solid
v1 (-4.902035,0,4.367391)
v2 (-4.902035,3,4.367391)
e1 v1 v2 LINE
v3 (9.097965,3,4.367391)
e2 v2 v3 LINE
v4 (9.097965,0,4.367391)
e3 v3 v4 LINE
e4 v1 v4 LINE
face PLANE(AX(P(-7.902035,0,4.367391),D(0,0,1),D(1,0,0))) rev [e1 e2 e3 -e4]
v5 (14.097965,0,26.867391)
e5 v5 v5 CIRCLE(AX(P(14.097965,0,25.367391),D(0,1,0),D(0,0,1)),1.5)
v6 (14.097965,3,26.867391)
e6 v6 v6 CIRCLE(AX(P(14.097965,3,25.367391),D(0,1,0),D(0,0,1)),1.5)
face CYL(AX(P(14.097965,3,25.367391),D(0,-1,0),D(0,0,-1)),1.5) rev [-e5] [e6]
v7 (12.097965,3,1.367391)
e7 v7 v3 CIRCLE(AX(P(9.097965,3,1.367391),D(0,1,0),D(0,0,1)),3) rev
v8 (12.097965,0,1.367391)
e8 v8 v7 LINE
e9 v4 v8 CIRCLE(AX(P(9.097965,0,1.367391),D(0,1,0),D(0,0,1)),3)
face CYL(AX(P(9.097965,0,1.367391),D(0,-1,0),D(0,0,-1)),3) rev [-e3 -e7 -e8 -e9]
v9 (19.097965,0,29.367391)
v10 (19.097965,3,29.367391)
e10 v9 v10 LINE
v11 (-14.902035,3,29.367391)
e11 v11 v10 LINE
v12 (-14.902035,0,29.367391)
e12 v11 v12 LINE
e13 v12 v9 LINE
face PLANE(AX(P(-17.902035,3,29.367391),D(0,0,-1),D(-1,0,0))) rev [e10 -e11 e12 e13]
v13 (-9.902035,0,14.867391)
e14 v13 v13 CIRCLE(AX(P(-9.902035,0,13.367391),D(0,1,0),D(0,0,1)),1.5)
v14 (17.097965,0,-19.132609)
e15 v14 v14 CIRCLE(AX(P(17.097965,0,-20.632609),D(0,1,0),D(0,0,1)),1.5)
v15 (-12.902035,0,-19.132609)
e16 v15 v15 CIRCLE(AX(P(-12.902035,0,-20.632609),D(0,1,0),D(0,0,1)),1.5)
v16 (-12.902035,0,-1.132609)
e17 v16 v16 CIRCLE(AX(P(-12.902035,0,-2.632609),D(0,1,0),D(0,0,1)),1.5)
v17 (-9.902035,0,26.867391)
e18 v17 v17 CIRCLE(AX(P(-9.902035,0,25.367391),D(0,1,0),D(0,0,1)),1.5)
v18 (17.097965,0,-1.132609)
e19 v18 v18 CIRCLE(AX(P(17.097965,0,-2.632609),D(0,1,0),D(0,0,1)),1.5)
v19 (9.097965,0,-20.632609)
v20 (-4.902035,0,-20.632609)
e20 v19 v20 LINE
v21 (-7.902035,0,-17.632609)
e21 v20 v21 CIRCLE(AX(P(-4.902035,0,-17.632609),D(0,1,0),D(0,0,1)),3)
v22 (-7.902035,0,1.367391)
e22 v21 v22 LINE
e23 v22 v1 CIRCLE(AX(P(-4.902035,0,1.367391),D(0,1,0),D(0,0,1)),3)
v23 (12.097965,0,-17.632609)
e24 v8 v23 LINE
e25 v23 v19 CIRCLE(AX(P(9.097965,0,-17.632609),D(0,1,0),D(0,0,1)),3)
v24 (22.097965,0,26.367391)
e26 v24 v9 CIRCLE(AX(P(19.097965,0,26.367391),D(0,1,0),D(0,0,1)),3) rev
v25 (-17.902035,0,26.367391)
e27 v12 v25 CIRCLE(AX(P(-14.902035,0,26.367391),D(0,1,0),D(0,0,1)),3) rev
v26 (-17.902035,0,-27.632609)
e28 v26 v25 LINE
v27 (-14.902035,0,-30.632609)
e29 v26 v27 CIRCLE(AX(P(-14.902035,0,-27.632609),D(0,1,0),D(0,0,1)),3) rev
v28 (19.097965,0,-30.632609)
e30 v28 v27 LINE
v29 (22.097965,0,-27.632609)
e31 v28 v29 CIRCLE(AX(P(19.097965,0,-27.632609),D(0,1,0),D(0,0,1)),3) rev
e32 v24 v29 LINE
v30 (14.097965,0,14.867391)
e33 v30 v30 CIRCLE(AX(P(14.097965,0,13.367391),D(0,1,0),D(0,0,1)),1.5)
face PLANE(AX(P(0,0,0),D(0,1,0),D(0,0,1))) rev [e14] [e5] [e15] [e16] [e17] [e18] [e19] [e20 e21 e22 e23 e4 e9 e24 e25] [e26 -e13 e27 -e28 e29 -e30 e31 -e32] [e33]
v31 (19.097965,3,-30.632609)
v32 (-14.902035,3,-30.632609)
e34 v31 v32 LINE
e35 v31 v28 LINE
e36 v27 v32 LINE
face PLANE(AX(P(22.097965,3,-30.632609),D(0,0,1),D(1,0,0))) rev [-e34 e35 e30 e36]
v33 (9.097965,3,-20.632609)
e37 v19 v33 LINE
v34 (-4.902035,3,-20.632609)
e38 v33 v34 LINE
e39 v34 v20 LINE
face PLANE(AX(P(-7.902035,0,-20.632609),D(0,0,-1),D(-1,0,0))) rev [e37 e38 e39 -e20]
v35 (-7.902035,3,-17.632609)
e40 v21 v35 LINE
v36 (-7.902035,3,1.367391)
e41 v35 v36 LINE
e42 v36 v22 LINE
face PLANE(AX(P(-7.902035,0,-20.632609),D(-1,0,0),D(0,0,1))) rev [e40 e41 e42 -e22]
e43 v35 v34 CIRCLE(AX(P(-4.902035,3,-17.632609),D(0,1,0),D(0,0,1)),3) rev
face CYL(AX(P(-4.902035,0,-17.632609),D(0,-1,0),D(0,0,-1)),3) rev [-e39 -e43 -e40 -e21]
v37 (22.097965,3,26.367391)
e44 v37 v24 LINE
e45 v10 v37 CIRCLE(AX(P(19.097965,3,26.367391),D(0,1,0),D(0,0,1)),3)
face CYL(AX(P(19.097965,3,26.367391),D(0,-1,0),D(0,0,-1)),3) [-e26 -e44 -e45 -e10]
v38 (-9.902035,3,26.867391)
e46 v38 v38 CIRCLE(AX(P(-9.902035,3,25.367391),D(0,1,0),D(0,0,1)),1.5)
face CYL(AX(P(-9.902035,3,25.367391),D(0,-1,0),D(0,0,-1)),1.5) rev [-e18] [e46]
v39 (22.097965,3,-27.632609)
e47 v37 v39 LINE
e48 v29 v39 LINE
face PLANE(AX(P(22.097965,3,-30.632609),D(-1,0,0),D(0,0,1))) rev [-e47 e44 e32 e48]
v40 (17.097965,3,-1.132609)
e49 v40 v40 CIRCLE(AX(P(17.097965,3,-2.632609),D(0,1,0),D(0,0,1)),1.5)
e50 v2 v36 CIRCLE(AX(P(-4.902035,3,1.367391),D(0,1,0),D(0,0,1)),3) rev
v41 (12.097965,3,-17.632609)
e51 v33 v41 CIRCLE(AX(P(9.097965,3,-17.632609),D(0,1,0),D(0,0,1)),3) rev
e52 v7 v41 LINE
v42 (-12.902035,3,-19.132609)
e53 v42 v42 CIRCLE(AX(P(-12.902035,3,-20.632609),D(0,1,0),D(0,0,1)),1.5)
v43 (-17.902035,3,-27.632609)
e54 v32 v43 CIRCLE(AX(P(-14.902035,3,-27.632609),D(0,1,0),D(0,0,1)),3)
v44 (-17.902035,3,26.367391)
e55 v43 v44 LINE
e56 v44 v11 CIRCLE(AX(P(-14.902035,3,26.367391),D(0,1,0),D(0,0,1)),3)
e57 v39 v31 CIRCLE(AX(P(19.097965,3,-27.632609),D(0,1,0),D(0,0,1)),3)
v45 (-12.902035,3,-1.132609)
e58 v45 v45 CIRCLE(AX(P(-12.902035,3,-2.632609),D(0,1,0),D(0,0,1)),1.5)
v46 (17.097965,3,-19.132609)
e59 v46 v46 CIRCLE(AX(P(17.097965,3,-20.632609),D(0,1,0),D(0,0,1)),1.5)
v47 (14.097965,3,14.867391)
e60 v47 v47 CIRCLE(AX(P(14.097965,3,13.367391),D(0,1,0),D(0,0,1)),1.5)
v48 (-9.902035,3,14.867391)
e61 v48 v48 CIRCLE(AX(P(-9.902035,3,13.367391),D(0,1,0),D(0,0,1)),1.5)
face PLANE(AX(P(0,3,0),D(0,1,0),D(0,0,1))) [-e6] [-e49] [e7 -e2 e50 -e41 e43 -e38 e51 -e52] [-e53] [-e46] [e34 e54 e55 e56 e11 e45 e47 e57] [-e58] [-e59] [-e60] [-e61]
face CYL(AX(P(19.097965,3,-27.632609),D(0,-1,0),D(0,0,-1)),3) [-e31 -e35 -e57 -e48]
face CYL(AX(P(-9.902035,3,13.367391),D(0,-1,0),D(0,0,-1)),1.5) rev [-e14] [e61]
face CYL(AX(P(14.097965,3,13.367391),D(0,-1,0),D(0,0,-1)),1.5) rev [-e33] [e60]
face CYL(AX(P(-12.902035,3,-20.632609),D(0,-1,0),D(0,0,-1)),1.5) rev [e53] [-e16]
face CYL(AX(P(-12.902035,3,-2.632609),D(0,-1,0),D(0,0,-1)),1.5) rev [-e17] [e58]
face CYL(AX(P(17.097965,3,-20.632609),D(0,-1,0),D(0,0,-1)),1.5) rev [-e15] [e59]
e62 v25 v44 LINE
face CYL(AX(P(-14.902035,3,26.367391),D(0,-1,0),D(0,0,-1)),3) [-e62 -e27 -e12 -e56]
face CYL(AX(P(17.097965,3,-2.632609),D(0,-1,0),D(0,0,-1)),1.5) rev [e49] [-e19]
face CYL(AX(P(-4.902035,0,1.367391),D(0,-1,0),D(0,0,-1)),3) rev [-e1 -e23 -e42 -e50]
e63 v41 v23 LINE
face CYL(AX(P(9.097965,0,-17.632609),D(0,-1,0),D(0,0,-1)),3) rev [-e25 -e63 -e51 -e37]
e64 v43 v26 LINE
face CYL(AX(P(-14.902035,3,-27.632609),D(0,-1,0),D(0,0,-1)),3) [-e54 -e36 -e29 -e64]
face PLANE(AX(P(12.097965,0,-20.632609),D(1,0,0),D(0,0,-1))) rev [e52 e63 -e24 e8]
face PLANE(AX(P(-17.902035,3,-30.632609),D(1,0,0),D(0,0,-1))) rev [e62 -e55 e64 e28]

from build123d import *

# Parameters (mm, degrees)
SKETCH_1_W          = 40
SKETCH_1_H          = 60
SKETCH_1_R          = 1.5
EXTRUDE_1_DEPTH     = 3
FILLET_1_R          = 3
SKETCH_5_W          = 20
SKETCH_5_H          = 25
CUT_EXTRUDE_1_DEPTH = 38.89032563
FILLET_2_R          = 3


with BuildPart() as part:
    # 草图1 → 凸台-拉伸1 (new body)
    with BuildSketch(Plane(origin=(0, 0, 0), x_dir=(1, 0, 0), z_dir=(0, 1, 0))):
        with Locations((2.097965146, 0.632608651)):
            Rectangle(SKETCH_1_W, SKETCH_1_H)
        with Locations(Location((14.097965146, -25.367391349, 0), (0, 0, 270))):
            Circle(SKETCH_1_R, mode=Mode.SUBTRACT)
        with Locations(Location((-9.902034854, -25.367391349, 0), (0, 0, 270))):
            Circle(SKETCH_1_R, mode=Mode.SUBTRACT)
        with Locations(Location((14.097965146, -13.367391349, 0), (0, 0, 270))):
            Circle(SKETCH_1_R, mode=Mode.SUBTRACT)
        with Locations(Location((-9.902034854, -13.367391349, 0), (0, 0, 270))):
            Circle(SKETCH_1_R, mode=Mode.SUBTRACT)
        with Locations(Location((17.097965146, 2.632608651, 0), (0, 0, 270))):
            Circle(SKETCH_1_R, mode=Mode.SUBTRACT)
        with Locations(Location((-12.902034854, 2.632608651, 0), (0, 0, 270))):
            Circle(SKETCH_1_R, mode=Mode.SUBTRACT)
        with Locations(Location((17.097965146, 20.632608651, 0), (0, 0, 270))):
            Circle(SKETCH_1_R, mode=Mode.SUBTRACT)
        with Locations(Location((-12.902034854, 20.632608651, 0), (0, 0, 270))):
            Circle(SKETCH_1_R, mode=Mode.SUBTRACT)
    extrude(amount=EXTRUDE_1_DEPTH)

    # 圆角1
    fillet_1_edges = [part.edges().sort_by_distance(p)[0] for p in [
        (-17.902034854, 1.5, -30.632608651),
        (22.097965146, 1.5, -30.632608651),
        (22.097965146, 1.5, 29.367391349),
        (-17.902034854, 1.5, 29.367391349),
    ]]
    fillet(fillet_1_edges, radius=FILLET_1_R)

    # 草图5 → 切除-拉伸1 (cut, through all)
    with BuildSketch(Plane(origin=(0, 3, 0), x_dir=(1, 0, 0), z_dir=(0, 1, 0))):
        with Locations((2.097965146, 8.132608651)):
            Rectangle(SKETCH_5_W, SKETCH_5_H)
    extrude(amount=-CUT_EXTRUDE_1_DEPTH, mode=Mode.SUBTRACT)

    # 圆角2
    fillet_2_edges = [part.edges().sort_by_distance(p)[0] for p in [
        (-7.902034854, 1.5, 4.367391349),
        (-7.902034854, 1.5, -20.632608651),
        (12.097965146, 1.5, -20.632608651),
        (12.097965146, 1.5, 4.367391349),
    ]]
    fillet(fillet_2_edges, radius=FILLET_2_R)


solid = part.part
